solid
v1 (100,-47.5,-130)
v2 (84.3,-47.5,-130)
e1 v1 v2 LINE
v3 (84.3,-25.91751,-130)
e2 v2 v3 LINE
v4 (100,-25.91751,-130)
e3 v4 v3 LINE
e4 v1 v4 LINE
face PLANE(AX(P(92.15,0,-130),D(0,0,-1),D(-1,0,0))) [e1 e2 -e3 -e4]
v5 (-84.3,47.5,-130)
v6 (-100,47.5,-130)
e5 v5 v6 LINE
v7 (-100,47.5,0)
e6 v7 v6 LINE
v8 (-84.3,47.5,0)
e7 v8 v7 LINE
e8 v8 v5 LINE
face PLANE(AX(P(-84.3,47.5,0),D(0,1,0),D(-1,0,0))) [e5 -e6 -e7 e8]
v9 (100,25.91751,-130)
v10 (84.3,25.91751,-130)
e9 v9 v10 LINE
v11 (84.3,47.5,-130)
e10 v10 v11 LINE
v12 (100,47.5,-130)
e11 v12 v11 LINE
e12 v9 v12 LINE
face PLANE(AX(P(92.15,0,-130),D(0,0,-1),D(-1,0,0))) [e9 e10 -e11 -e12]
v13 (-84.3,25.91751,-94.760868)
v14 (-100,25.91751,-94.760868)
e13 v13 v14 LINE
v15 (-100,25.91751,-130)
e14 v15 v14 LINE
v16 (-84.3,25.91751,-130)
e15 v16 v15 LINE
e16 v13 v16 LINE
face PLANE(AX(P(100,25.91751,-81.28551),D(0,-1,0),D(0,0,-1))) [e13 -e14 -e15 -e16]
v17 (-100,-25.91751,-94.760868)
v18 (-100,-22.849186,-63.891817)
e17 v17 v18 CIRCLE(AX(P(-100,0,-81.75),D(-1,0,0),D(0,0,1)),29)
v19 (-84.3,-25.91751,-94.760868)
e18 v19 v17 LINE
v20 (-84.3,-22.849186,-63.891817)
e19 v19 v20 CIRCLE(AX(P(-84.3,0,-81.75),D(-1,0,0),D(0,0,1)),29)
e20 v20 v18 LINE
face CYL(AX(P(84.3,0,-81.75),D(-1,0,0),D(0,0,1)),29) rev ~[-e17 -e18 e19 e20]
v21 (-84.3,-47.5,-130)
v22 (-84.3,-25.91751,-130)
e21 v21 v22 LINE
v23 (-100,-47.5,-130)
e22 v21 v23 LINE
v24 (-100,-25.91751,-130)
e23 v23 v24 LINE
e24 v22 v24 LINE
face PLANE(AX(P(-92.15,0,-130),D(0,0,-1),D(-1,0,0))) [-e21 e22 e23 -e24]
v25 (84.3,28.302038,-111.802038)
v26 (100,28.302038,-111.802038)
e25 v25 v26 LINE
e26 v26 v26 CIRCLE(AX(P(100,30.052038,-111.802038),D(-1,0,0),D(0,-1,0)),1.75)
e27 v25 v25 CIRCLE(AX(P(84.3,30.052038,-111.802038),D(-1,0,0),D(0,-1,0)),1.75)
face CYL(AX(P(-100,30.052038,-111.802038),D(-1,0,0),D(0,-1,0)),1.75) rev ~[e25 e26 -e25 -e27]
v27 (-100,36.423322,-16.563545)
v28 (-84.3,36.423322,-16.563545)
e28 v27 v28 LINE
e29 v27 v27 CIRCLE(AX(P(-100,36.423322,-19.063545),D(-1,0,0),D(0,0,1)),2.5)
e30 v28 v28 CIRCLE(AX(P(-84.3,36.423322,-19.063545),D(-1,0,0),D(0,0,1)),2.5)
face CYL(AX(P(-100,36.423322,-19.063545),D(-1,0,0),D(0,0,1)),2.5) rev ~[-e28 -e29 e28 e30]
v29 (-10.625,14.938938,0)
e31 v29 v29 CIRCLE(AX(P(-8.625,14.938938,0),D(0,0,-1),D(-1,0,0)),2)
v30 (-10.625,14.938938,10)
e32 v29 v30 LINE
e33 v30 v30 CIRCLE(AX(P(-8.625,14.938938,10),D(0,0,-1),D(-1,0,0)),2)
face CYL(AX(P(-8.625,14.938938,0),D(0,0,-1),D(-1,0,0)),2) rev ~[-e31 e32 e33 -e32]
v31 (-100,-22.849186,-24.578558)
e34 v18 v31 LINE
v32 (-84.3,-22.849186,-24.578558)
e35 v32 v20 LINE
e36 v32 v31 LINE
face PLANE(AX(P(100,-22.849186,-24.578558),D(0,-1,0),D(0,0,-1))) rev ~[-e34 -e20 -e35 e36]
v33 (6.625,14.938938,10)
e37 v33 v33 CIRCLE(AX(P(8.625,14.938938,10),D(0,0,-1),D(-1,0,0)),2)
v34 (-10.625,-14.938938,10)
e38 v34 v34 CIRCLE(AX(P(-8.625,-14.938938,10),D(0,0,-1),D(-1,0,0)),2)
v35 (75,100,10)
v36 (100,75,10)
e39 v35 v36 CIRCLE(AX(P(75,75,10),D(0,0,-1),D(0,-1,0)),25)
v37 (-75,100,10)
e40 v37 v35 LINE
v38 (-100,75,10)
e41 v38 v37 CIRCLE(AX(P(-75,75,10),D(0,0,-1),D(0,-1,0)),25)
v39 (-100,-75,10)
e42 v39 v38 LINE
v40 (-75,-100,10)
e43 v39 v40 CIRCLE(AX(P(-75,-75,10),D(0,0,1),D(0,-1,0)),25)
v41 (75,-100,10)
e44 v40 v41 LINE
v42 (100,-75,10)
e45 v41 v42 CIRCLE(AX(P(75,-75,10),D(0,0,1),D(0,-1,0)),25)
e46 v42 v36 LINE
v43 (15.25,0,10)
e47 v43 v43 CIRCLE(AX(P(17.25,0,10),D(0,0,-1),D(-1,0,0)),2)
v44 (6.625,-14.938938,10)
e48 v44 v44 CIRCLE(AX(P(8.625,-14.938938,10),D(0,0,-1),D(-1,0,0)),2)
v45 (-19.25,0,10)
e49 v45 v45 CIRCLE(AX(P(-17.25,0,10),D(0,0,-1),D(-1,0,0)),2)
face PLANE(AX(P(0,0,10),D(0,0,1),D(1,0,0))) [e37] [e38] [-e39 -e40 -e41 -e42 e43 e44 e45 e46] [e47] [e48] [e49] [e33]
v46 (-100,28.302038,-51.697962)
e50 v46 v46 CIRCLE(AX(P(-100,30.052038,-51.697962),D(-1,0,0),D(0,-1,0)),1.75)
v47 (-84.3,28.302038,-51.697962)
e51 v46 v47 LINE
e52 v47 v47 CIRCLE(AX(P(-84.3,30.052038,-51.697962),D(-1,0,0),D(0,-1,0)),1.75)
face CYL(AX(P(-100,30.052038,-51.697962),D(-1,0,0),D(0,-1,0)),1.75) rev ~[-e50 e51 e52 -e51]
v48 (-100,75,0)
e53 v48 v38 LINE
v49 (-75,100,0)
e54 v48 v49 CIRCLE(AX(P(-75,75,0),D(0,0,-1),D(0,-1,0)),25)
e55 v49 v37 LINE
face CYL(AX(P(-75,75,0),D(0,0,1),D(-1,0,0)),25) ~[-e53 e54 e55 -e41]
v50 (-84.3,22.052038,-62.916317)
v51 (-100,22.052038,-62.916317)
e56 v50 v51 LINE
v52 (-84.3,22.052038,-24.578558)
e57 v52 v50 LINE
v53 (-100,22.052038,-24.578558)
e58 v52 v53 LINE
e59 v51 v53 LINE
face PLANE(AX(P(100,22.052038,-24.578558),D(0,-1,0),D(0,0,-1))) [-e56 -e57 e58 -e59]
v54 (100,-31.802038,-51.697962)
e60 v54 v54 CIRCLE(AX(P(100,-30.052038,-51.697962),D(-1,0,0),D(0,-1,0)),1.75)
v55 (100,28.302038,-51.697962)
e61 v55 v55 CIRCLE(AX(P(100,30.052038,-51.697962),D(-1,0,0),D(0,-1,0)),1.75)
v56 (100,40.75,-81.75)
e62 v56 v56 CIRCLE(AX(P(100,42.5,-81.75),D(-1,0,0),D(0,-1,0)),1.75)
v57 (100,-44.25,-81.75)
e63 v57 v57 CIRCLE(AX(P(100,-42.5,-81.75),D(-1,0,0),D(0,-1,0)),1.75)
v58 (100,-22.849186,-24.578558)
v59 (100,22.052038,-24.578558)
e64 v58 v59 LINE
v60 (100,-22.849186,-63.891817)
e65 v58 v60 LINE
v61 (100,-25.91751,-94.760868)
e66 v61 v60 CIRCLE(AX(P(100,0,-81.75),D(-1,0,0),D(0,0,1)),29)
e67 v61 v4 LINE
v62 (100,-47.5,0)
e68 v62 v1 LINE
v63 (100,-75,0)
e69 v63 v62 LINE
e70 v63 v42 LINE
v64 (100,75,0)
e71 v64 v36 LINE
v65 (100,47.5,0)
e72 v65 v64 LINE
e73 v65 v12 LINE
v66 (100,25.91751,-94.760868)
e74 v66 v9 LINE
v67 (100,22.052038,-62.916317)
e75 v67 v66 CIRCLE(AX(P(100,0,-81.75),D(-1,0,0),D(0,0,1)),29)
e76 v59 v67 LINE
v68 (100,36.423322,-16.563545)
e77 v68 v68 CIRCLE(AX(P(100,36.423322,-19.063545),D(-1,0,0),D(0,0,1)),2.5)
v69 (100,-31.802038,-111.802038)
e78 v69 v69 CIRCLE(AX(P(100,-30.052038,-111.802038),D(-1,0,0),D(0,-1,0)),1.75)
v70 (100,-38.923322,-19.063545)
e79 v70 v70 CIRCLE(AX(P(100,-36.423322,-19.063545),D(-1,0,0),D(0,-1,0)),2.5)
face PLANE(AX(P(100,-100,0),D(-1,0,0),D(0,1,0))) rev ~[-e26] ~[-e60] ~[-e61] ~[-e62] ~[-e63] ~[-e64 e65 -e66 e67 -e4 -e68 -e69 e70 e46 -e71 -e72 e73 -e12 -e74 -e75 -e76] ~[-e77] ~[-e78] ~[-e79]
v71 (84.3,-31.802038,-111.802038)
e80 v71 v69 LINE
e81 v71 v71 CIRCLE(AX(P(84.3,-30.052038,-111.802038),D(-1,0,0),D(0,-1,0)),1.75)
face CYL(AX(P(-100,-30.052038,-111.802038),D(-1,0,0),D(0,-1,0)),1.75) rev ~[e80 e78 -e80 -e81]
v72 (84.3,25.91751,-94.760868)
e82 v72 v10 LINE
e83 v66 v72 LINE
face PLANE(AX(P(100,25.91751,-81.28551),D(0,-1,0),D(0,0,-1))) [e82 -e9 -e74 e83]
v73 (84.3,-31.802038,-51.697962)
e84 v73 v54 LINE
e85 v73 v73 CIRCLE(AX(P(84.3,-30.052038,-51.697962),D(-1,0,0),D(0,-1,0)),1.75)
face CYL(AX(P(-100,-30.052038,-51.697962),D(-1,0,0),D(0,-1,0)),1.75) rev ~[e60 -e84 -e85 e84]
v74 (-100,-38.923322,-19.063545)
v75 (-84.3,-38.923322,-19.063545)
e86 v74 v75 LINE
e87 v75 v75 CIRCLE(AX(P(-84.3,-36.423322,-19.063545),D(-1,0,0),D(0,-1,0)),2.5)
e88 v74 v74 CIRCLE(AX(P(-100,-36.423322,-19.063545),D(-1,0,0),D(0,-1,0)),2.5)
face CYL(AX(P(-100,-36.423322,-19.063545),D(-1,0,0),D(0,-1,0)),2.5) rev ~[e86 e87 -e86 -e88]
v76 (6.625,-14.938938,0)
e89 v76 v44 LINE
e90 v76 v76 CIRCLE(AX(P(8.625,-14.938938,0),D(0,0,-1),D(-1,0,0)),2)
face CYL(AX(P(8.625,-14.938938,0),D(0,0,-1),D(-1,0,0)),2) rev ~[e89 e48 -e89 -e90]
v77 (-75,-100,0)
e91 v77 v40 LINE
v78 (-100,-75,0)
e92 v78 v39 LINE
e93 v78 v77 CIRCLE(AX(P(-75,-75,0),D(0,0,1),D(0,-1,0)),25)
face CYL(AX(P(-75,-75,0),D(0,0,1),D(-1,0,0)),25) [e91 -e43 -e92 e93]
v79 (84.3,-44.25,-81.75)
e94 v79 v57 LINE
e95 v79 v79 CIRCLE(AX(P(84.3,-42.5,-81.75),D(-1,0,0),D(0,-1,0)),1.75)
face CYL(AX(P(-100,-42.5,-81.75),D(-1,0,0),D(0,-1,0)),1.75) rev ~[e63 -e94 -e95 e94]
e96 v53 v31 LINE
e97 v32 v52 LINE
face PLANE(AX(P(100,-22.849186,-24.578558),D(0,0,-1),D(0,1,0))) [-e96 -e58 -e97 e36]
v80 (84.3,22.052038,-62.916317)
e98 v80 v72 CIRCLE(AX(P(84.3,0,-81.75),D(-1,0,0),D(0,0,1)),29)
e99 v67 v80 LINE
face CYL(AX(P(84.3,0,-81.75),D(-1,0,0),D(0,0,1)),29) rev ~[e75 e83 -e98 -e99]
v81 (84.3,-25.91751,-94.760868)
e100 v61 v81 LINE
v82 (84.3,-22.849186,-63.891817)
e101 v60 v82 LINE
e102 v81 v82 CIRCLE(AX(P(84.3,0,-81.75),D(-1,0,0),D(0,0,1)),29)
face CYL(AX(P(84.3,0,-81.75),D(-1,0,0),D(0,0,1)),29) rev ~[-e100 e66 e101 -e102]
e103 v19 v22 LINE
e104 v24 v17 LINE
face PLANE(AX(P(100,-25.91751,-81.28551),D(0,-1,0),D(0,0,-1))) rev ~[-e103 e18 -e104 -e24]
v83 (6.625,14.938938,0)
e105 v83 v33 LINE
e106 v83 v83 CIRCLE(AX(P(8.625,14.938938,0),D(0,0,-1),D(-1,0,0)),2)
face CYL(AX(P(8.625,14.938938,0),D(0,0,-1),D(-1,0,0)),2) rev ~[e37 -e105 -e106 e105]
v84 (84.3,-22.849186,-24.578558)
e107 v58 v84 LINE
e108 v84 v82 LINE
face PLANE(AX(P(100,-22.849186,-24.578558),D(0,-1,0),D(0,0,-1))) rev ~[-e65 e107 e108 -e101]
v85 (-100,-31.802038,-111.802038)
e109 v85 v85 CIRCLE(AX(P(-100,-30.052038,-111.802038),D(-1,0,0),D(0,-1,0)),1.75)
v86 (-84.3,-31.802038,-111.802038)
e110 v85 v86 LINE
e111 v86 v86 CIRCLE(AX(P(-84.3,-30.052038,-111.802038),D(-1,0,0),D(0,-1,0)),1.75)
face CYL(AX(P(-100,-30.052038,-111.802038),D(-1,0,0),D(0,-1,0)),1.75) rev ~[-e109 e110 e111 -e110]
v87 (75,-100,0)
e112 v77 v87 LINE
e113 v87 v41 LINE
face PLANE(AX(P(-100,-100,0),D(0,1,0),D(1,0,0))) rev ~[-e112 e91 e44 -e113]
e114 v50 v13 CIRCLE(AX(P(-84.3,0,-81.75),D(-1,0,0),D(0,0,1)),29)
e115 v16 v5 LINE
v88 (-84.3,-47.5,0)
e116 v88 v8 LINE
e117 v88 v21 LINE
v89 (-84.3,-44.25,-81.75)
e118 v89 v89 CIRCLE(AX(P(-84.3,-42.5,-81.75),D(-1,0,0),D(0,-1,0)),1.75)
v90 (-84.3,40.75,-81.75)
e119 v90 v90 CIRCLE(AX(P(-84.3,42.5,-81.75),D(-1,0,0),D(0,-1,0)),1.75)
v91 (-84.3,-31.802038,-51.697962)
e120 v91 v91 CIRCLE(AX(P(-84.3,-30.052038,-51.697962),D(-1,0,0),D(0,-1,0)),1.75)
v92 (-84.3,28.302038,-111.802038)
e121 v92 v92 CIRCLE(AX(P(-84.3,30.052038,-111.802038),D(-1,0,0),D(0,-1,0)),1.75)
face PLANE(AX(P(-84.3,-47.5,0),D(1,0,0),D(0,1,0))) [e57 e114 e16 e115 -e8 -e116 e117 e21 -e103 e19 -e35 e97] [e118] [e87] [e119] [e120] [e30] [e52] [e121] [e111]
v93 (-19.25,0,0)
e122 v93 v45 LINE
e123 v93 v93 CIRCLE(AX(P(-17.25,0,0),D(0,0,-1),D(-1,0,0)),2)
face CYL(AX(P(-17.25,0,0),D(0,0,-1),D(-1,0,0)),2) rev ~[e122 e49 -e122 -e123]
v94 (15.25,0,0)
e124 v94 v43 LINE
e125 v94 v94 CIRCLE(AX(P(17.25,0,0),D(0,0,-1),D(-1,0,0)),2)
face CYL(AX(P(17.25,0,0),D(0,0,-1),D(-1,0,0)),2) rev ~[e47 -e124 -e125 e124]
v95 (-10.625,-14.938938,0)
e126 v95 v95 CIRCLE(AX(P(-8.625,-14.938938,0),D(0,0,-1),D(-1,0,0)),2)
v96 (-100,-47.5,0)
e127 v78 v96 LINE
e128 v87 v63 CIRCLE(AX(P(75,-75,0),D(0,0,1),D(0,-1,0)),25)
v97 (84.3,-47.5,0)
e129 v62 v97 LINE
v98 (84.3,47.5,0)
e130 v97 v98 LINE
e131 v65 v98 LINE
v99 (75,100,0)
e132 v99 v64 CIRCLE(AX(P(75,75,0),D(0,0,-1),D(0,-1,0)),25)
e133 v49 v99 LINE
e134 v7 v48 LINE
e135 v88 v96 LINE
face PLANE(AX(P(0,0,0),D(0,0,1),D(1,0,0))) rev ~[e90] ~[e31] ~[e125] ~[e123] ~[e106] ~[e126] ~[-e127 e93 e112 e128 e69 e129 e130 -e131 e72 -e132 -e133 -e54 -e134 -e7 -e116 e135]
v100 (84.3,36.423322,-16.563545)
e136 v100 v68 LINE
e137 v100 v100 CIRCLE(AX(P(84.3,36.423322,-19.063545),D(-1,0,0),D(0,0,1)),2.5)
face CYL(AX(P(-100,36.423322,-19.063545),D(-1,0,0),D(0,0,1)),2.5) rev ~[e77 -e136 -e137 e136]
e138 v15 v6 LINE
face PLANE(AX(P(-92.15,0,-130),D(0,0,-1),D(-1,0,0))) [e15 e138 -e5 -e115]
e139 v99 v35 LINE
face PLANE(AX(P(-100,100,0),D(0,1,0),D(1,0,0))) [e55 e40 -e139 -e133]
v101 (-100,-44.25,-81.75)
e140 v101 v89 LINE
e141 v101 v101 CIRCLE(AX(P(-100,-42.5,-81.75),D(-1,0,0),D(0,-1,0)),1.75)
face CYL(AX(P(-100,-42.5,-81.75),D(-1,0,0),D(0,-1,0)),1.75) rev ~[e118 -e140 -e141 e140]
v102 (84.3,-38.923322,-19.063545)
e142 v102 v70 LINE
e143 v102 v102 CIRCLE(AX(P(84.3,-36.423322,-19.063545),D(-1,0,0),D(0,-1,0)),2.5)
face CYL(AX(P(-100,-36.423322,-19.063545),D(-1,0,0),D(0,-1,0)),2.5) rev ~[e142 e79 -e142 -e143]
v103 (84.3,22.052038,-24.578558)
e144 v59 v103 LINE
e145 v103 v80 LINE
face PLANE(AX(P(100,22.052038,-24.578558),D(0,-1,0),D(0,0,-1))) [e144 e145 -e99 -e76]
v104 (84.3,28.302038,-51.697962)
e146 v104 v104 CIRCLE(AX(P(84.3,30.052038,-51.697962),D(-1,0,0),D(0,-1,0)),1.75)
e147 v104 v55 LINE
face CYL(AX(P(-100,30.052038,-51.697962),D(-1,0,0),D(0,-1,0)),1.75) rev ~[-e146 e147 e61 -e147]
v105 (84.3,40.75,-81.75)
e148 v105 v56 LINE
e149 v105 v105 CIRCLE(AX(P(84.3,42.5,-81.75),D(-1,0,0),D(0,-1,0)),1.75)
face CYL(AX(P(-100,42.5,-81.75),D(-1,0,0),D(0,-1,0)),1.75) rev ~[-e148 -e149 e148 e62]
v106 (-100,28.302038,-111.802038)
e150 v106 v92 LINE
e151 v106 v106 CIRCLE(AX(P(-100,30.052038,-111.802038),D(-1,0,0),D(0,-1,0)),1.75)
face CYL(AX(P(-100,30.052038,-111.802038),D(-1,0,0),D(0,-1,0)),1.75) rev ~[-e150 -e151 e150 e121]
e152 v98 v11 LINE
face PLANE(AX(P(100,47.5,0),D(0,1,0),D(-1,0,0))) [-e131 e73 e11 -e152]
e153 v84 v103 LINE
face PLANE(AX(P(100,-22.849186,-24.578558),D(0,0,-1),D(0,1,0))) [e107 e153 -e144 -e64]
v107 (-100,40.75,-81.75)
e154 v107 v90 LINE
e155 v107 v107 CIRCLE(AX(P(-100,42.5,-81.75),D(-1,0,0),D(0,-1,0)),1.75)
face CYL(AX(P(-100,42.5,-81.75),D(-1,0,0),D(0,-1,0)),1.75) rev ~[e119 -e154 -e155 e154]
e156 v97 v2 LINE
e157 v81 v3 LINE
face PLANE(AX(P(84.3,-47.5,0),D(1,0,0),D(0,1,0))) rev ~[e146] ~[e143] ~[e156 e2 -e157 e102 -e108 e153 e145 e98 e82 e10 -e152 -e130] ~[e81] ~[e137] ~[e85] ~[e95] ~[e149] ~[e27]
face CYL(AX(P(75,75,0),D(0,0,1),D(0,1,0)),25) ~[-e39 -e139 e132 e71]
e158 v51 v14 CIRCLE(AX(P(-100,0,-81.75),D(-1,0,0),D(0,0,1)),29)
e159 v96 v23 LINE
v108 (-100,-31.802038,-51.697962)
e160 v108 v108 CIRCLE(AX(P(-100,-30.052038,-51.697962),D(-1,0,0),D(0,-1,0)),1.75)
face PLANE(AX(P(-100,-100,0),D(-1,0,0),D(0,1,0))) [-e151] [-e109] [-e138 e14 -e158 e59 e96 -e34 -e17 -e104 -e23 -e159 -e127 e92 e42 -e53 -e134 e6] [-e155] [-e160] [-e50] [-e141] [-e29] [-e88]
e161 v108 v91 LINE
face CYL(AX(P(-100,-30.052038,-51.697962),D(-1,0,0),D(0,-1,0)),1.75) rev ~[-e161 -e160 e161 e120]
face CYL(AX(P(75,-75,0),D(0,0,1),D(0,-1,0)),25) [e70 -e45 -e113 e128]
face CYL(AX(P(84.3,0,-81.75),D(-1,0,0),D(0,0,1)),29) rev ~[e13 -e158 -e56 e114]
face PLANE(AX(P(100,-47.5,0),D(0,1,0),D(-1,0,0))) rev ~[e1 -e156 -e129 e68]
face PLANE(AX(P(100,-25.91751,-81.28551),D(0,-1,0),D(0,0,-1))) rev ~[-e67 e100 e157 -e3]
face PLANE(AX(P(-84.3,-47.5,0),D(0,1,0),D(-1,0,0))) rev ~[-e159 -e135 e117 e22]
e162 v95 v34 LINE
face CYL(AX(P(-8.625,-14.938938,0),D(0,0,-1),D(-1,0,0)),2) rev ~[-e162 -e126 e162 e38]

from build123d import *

# Parameters (mm, degrees)
SKETCH_1_W          = 200
SKETCH_1_H          = 200
EXTRUDE_1_DEPTH     = 10
SKETCH_2_W          = 15.7
SKETCH_2_H          = 95
EXTRUDE_2_DEPTH     = 130
SKETCH_3_R          = 1.75
CUT_EXTRUDE_1_DEPTH = 259.650343128
SKETCH_4_R          = 29
CUT_EXTRUDE_2_DEPTH = 500
SKETCH_5_W          = 51.576818731
SKETCH_5_H          = 51.835019378
SKETCH_5_W_2        = 50.790053699
SKETCH_5_H_2        = 44.901224563
CUT_EXTRUDE_3_DEPTH = 259.650343128
SKETCH_6_R          = 2.5
CUT_EXTRUDE_4_DEPTH = 259.650343128
FILLET_1_R          = 25
SKETCH_7_R          = 2
CUT_EXTRUDE_5_DEPTH = 193.093727123


with BuildPart() as part:
    # 草图1 → 凸台-拉伸1 (new body)
    with BuildSketch(Plane.XY):
        Rectangle(SKETCH_1_W, SKETCH_1_H)
    extrude(amount=EXTRUDE_1_DEPTH)

    # 草图2 → 凸台-拉伸2 (add)
    with BuildSketch(Plane(origin=(0, 0, 0), x_dir=(-1, 0, 0), z_dir=(0, 0, -1))):
        with Locations((-92.15, 0)):
            Rectangle(SKETCH_2_W, SKETCH_2_H)
        with Locations((92.15, 0)):
            Rectangle(SKETCH_2_W, SKETCH_2_H)
    extrude(amount=EXTRUDE_2_DEPTH)

    # 草图3 → 切除-拉伸1 (cut, through all)
    with BuildSketch(Plane.ZY.offset(100)):
        with Locations(Location((-81.75, -42.5, 0), (0, 0, 270))):
            Circle(SKETCH_3_R)
        with Locations(Location((-51.6979618, -30.0520382, 0), (0, 0, 270))):
            Circle(SKETCH_3_R)
        with Locations(Location((-39.25, 0, 0), (0, 0, 270))):
            Circle(SKETCH_3_R)
        with Locations(Location((-81.75, 42.5, 0), (0, 0, 270))):
            Circle(SKETCH_3_R)
        with Locations(Location((-111.8020382, 30.0520382, 0), (0, 0, 270))):
            Circle(SKETCH_3_R)
        with Locations(Location((-111.8020382, -30.0520382, 0), (0, 0, 270))):
            Circle(SKETCH_3_R)
        with Locations(Location((-51.6979618, 30.0520382, 0), (0, 0, 270))):
            Circle(SKETCH_3_R)
        with Locations(Location((-124.25, 0, 0), (0, 0, 270))):
            Circle(SKETCH_3_R)
    extrude(amount=-CUT_EXTRUDE_1_DEPTH, mode=Mode.SUBTRACT)

    # 草图4 → 切除-拉伸2 (cut, symmetric)
    with BuildSketch(Plane.ZY.offset(-84.3)):
        with Locations((-81.75, 0)):
            Circle(SKETCH_4_R)
    extrude(amount=CUT_EXTRUDE_2_DEPTH, both=True, mode=Mode.SUBTRACT)

    # 草图5 → 切除-拉伸3 (cut, through all)
    with BuildSketch(Plane(origin=(100, 0, 0), x_dir=(0, 0, -1), z_dir=(1, 0, 0))):
        with Locations((107.073919085, 0)):
            Rectangle(SKETCH_5_W, SKETCH_5_H)
        with Locations((49.973585145, -0.398574081)):
            Rectangle(SKETCH_5_W_2, SKETCH_5_H_2)
    extrude(amount=-CUT_EXTRUDE_3_DEPTH, mode=Mode.SUBTRACT)

    # 草图6 → 切除-拉伸4 (cut, through all)
    with BuildSketch(Plane.ZY.offset(100)):
        with Locations(Location((-19.063545362, -36.423322267, 0), (0, 0, 270))):
            Circle(SKETCH_6_R)
        with Locations((-19.063545362, 36.423322267)):
            Circle(SKETCH_6_R)
    extrude(amount=-CUT_EXTRUDE_4_DEPTH, mode=Mode.SUBTRACT)

    # 圆角1
    fillet_1_edges = [part.edges().sort_by_distance(p)[0] for p in [
        (100, -100, 5),
        (-100, -100, 5),
        (-100, 100, 5),
        (100, 100, 5),
    ]]
    fillet(fillet_1_edges, radius=FILLET_1_R)

    # 草图7 → 切除-拉伸5 (cut, through all)
    with BuildSketch(Plane(origin=(0, 0, 0), x_dir=(-1, 0, 0), z_dir=(0, 0, -1))):
        with Locations((17.25, 0)):
            Circle(SKETCH_7_R)
        with Locations((8.625, -14.938938215)):
            Circle(SKETCH_7_R)
        with Locations((-8.625, -14.938938215)):
            Circle(SKETCH_7_R)
        with Locations((-17.25, 0)):
            Circle(SKETCH_7_R)
        with Locations((-8.625, 14.938938215)):
            Circle(SKETCH_7_R)
        with Locations((8.625, 14.938938215)):
            Circle(SKETCH_7_R)
    extrude(amount=-CUT_EXTRUDE_5_DEPTH, mode=Mode.SUBTRACT)


solid = part.part
